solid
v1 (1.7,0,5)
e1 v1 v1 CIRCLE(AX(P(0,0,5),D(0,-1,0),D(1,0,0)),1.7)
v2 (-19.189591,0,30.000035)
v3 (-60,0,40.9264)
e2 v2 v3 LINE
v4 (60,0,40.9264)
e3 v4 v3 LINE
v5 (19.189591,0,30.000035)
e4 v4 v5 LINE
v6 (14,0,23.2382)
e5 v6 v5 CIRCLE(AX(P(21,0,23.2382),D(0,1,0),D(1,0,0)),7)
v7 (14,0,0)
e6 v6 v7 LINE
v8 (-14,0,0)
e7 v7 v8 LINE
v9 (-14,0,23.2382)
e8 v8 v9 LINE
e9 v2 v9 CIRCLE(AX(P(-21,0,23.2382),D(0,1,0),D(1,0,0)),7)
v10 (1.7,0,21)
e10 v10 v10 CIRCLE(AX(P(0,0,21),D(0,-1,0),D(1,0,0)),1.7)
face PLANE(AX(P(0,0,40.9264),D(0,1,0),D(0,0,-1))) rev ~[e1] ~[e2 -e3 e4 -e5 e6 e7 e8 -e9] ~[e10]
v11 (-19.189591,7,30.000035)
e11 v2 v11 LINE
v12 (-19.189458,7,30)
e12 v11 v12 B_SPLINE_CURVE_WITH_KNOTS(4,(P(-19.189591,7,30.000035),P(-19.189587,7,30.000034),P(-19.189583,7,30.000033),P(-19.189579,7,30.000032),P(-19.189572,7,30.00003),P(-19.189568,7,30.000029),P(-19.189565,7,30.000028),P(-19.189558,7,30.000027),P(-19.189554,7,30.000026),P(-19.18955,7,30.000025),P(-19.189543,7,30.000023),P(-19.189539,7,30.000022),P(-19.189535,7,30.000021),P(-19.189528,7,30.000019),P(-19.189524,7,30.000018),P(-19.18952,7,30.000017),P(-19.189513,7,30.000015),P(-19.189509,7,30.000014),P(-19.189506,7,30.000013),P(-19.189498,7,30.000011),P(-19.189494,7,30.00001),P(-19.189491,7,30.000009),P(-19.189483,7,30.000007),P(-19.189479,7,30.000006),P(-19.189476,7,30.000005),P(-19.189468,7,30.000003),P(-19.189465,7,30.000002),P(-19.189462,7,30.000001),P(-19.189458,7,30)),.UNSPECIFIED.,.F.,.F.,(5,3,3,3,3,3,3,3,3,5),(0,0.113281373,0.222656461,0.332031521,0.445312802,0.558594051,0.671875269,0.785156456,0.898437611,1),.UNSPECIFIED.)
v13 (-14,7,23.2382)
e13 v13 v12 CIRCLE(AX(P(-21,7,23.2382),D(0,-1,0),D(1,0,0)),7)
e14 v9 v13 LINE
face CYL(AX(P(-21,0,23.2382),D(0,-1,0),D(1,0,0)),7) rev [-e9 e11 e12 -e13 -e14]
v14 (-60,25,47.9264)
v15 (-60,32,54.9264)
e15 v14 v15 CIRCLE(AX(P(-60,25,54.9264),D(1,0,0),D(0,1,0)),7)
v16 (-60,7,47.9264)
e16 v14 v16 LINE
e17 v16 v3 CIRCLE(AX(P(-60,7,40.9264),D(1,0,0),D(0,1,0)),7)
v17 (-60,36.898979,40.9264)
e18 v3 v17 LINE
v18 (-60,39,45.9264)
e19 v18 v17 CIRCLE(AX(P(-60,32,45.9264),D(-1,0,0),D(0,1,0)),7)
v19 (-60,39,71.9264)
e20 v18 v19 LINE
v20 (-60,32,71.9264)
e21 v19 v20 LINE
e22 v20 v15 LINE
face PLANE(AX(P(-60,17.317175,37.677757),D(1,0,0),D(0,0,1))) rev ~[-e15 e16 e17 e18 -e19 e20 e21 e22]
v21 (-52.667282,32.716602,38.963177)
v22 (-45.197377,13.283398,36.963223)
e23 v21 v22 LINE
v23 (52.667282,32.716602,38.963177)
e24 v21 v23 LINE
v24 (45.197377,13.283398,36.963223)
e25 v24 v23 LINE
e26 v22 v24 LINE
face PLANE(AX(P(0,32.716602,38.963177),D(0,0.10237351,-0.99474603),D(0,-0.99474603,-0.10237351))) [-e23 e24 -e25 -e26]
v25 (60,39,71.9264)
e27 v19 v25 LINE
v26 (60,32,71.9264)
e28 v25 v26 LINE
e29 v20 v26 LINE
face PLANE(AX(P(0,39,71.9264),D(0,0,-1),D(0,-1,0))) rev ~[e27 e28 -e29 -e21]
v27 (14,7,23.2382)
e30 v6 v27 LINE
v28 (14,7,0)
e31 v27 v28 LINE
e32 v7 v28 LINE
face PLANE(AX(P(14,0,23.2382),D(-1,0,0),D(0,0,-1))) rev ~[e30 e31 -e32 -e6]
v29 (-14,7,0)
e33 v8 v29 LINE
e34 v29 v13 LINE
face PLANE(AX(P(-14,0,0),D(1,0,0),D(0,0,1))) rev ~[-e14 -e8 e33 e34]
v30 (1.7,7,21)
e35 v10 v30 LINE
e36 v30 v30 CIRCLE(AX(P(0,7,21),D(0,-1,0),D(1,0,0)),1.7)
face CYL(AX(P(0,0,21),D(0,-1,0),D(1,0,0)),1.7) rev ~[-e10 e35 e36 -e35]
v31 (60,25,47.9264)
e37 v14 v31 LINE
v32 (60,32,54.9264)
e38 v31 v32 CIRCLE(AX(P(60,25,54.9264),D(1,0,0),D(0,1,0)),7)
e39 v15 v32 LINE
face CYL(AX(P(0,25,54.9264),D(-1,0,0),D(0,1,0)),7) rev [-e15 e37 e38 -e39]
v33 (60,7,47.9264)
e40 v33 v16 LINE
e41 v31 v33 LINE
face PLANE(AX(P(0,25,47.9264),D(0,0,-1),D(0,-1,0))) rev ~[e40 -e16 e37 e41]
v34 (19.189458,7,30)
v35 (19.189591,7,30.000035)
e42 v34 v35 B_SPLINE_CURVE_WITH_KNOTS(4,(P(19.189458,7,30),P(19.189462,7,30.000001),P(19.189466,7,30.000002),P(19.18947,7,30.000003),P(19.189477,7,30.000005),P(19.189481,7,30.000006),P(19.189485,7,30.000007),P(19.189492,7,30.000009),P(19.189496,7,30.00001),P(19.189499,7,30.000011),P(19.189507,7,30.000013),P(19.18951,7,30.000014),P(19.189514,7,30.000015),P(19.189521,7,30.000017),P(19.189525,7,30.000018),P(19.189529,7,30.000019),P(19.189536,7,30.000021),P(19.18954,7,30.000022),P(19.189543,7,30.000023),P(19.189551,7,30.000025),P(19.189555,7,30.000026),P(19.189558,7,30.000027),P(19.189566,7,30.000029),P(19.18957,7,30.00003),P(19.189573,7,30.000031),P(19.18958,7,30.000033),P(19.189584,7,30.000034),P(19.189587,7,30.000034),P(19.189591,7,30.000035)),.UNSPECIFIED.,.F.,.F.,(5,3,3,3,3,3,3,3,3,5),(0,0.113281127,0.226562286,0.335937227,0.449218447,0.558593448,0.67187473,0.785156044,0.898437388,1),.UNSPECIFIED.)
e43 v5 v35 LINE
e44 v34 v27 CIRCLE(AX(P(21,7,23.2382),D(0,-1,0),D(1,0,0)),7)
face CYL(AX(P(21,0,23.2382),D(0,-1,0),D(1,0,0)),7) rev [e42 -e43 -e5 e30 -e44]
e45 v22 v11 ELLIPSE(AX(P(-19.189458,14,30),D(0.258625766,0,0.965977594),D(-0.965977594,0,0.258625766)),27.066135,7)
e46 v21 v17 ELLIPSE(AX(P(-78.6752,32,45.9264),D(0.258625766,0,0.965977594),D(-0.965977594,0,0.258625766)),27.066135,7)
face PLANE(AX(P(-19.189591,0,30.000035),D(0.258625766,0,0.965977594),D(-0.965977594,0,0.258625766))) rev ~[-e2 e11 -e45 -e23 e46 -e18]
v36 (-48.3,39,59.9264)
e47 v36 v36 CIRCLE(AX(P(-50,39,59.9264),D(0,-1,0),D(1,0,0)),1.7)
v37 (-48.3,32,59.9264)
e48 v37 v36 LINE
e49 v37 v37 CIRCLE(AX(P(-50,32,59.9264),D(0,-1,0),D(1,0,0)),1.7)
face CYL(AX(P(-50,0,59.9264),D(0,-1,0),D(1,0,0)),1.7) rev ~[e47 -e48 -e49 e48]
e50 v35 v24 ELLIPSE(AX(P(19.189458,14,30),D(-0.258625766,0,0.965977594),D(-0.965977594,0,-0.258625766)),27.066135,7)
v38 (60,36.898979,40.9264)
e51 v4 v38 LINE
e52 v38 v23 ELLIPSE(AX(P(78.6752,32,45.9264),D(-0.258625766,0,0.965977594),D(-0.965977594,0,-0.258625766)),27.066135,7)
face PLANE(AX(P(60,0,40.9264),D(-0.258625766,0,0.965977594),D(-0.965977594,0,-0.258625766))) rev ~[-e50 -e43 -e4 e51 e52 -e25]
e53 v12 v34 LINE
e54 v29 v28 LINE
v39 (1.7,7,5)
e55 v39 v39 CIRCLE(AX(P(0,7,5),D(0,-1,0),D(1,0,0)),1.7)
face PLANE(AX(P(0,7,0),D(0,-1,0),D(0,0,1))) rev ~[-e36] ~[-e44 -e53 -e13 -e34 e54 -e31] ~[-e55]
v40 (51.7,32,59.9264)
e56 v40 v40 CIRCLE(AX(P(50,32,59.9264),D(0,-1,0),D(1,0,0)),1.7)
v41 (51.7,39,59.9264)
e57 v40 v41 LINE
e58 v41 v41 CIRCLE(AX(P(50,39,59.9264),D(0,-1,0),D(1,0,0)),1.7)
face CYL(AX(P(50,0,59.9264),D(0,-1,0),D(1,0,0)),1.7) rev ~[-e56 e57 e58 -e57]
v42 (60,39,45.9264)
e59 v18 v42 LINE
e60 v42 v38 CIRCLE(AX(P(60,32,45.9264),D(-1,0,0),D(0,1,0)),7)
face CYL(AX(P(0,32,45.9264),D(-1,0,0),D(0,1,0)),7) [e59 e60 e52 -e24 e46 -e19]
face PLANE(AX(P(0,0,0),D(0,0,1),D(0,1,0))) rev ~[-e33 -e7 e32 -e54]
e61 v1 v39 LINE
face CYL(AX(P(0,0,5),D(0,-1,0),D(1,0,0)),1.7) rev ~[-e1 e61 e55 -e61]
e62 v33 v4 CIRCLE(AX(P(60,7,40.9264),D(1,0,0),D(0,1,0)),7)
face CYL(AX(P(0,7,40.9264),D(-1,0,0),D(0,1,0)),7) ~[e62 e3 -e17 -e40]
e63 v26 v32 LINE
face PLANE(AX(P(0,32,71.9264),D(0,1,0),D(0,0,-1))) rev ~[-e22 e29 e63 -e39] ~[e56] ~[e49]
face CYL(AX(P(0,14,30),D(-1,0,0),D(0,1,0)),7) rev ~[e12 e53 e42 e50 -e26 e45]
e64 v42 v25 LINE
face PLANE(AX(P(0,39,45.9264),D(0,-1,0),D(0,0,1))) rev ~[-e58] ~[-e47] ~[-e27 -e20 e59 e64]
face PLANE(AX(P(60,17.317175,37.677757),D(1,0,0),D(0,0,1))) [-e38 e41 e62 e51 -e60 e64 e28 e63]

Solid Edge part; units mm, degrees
sketch "Sketch1" plane through (0, 0, 0) normal (1, 0, 0) x (0, 1, 0)
  line L0 (0, 0) -> (7, 0)
  line L1 (7, 0) -> (7, 30)
  arc A0 (7, 30) -> (13.2834, 36.9632) centre (14, 30) cw
  line L2 (32.7166, 38.9632) -> (13.2834, 36.9632)
  arc A1 (39, 45.9264) -> (32.7166, 38.9632) centre (32, 45.9264) cw
  line L3 (39, 45.9264) -> (39, 71.9264)
  line L4 (39, 71.9264) -> (32, 71.9264)
  line L5 (32, 71.9264) -> (32, 54.9264)
  arc A2 (25, 47.9264) -> (32, 54.9264) centre (25, 54.9264) ccw
  line L6 (25, 47.9264) -> (7, 47.9264)
  arc A3 (7, 47.9264) -> (0, 40.9264) centre (7, 40.9264) ccw
  line L7 (0, 40.9264) -> (0, 0)
  dimension "D1" = 7
  dimension "D2" = 25
  dimension "D3" = 2
  dimension "D4" = 30
  dimension "D5" = 24
  dimension "D6" = 2
  dimension "D7" = 7
extrude "Protrusion1" add sketch "Sketch1" along normal mid plane 120
sketch "Sketch2" plane through (0, 0, 25.1762) normal (0, -1, 0) x (1, 0, 0)
  circle A0 centre (0, -4.1762) radius 1.7
  circle A1 centre (0, -20.1762) radius 1.7
  circle A2 centre (-50, 34.7502) radius 1.7
  circle A3 centre (50, 34.7502) radius 1.7
  dimension "D1" = 3.4
  dimension "D2" = 5
  dimension "D3" = 16
  dimension "D4" = 12
  dimension "D5" = 50
extrude "Cutout1" cut sketch "Sketch2" against normal through all
sketch "Sketch3" plane through (0, 0, 0) normal (0, -1, 0) x (1, 0, 0)
  line L0 (-14, 0) -> (-14, 23.2382)
  arc A0 (-19.1896, 30) -> (-14, 23.2382) centre (-21, 23.2382) cw
  line L1 (-19.1896, 30) -> (-60, 40.9264)
  line L2 (-60, 40.9264) -> (-101.8817, 40.9264)
  line L3 (-101.8817, 40.9264) -> (-101.8817, -44.3186)
  line L4 (-101.8817, -44.3186) -> (159.9543, -44.3186)
  line L5 (159.9543, -44.3186) -> (159.9543, 40.9264)
  line L6 (159.9543, 40.9264) -> (60, 40.9264)
  line L7 (60, 40.9264) -> (19.1896, 30)
  arc A1 (14, 23.2382) -> (19.1896, 30) centre (21, 23.2382) cw
  line L8 (14, 23.2382) -> (14, 0)
  line L9 (14, 0) -> (-14, 0)
  dimension "D1" = 28
  dimension "D2" = 7
  dimension "D3" = 30
extrude "Cutout2" cut sketch "Sketch3" against normal through all
